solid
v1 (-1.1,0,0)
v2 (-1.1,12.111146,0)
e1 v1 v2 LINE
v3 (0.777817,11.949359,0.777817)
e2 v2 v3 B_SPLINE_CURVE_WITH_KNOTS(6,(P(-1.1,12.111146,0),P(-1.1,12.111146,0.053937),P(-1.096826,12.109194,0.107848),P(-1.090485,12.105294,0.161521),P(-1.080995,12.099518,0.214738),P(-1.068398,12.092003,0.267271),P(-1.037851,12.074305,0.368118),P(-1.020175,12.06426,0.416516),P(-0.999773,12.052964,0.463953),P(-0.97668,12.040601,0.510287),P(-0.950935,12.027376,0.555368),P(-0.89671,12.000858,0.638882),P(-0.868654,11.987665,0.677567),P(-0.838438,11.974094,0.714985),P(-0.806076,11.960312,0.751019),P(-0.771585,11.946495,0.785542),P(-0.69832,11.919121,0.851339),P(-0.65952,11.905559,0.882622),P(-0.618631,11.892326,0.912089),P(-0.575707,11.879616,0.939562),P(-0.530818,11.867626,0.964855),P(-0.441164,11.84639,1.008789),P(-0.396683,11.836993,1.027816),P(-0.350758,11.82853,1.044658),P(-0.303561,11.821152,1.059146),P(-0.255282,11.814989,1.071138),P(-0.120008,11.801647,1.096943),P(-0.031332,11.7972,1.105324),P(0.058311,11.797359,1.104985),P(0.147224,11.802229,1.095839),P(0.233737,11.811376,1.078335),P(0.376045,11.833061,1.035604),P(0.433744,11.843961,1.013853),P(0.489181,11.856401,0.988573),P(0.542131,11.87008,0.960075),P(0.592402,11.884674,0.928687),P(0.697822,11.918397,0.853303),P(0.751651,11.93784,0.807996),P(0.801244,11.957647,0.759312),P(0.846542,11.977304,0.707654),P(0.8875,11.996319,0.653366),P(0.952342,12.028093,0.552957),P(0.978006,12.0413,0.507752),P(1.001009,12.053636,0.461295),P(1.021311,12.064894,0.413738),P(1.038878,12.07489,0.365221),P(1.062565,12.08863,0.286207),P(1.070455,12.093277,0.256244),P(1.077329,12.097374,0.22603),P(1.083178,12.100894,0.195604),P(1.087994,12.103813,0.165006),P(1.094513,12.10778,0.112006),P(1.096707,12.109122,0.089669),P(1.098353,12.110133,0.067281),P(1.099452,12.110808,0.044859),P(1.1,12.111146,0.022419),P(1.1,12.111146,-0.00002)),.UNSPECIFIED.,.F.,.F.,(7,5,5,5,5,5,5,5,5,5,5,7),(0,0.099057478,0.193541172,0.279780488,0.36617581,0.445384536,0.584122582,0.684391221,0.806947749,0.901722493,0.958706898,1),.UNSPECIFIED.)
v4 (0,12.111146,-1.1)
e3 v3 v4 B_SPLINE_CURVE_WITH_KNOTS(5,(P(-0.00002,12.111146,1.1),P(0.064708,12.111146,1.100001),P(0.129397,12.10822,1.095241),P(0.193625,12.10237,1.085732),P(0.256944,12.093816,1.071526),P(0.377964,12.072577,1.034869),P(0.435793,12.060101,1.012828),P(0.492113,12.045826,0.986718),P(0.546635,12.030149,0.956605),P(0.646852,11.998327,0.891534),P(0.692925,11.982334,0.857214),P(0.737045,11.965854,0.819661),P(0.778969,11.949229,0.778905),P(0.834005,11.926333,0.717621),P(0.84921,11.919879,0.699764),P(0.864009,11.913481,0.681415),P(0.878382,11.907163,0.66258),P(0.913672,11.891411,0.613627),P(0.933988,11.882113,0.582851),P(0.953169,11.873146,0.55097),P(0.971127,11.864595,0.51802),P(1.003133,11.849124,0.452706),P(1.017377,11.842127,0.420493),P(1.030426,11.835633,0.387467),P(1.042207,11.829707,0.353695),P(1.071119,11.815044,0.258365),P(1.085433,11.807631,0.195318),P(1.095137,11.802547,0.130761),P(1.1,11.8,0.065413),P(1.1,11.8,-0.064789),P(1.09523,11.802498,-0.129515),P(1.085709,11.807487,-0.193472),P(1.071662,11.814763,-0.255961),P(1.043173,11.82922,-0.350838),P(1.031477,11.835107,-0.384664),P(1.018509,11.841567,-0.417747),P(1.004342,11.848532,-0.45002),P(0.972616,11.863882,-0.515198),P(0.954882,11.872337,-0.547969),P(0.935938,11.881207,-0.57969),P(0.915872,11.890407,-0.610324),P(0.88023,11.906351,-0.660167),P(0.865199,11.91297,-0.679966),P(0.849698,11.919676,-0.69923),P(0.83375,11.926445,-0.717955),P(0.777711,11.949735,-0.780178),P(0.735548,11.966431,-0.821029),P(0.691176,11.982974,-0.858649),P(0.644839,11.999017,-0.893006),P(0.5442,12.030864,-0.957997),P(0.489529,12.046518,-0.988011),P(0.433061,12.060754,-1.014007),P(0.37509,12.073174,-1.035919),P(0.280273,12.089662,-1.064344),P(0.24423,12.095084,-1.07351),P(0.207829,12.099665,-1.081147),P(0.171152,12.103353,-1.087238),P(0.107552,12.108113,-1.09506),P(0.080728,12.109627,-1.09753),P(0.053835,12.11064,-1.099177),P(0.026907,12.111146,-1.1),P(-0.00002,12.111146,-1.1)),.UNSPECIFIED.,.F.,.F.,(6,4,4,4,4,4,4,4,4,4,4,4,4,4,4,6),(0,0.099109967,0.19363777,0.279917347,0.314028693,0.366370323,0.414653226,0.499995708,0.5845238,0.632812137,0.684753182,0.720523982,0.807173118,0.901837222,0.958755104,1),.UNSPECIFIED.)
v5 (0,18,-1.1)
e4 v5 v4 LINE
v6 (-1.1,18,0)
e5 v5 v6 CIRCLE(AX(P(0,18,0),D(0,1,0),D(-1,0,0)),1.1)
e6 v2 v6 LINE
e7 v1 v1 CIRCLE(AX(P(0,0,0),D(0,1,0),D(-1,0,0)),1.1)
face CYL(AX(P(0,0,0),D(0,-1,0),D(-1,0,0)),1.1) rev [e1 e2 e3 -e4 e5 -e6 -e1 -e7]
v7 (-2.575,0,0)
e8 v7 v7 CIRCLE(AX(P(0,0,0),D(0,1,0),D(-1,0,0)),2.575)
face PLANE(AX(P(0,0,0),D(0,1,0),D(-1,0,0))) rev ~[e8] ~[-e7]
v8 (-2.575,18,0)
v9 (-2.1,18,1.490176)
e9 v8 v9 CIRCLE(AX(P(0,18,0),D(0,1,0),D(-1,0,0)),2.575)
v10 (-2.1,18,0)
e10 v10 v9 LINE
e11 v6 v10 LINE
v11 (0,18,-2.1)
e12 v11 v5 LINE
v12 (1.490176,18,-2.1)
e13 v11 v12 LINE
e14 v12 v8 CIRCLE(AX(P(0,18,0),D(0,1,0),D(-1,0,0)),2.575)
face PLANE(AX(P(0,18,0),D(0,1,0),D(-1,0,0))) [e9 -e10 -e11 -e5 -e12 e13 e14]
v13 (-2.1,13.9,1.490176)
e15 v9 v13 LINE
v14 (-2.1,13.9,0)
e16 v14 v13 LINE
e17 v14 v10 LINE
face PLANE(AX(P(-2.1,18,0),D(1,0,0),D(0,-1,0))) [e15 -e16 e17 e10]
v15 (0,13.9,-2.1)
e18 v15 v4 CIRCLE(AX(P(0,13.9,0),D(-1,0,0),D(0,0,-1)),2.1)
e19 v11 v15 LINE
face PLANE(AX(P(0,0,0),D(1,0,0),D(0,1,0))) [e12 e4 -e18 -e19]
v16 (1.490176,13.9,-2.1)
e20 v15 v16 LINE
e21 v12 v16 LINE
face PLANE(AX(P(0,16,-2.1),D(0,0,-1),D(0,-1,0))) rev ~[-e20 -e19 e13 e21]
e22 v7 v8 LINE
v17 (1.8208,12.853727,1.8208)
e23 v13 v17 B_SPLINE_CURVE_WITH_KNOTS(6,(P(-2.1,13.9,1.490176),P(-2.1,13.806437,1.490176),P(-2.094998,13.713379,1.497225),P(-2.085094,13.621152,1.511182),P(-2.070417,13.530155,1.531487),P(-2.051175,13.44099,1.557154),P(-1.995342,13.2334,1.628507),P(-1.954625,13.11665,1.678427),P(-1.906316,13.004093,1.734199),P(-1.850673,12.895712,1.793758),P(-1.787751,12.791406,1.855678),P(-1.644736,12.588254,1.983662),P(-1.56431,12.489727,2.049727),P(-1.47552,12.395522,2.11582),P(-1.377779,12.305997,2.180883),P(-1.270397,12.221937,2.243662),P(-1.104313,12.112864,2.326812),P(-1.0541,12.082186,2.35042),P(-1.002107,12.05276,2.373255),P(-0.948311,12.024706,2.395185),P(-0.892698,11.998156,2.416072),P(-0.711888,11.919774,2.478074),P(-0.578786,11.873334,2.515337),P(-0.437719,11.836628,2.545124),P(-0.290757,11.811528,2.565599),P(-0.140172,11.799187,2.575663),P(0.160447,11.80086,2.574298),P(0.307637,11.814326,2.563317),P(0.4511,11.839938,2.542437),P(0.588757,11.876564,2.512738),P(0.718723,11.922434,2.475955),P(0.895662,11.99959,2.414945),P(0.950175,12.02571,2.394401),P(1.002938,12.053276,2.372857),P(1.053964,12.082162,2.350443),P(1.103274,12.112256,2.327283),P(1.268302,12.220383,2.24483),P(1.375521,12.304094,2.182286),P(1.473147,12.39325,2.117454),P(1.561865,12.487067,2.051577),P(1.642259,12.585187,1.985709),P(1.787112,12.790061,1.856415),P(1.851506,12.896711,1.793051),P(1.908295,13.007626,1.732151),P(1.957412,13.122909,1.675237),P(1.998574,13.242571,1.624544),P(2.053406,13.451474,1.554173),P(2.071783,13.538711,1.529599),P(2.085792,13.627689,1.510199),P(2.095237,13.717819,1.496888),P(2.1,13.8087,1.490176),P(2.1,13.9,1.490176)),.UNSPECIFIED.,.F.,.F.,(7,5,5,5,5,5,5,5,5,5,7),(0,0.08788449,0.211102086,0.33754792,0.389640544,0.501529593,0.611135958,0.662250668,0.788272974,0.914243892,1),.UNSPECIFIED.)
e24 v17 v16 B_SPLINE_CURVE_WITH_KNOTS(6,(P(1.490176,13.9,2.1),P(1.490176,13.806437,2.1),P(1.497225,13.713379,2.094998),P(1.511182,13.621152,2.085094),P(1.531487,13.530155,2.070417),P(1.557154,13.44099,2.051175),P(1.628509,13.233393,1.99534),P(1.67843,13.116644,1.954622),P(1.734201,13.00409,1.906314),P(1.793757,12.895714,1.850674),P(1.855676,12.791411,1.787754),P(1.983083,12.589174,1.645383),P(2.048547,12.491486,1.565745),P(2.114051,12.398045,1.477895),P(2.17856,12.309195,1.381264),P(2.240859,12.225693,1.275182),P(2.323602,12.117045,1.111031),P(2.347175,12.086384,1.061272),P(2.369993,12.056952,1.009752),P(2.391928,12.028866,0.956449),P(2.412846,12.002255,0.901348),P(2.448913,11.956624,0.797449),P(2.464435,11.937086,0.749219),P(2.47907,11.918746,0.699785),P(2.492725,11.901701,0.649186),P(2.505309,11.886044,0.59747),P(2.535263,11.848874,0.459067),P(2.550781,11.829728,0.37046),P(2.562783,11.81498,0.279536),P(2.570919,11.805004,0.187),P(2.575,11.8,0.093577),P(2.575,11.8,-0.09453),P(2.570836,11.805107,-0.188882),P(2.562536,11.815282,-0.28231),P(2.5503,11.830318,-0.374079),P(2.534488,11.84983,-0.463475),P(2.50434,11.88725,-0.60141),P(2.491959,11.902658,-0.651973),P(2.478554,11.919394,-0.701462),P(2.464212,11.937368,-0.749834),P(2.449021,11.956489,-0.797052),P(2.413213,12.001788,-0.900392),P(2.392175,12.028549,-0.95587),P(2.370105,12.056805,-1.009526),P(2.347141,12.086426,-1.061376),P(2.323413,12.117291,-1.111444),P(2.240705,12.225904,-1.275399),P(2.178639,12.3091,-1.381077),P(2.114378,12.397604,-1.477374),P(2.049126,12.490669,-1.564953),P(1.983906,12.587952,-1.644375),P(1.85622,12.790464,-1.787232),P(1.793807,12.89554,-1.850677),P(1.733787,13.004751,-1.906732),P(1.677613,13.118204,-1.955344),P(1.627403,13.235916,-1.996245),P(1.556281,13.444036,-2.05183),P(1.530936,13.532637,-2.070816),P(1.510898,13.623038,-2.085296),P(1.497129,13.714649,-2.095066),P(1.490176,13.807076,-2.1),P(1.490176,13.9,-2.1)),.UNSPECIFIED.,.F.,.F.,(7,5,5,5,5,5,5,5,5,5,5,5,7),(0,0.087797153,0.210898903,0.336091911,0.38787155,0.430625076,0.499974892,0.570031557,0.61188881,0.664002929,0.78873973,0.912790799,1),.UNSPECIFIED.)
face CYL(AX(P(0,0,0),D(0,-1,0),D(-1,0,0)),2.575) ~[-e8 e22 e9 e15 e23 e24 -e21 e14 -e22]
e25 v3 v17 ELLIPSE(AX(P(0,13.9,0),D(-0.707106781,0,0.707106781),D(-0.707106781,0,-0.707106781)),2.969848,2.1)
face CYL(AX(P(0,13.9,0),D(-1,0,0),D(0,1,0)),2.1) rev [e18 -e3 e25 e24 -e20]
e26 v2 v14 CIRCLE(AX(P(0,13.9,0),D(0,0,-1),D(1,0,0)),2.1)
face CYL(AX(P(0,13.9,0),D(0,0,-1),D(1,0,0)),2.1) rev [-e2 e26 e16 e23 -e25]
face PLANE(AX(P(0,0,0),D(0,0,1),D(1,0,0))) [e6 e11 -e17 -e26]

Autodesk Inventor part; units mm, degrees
ref_plane "XZ Plane" through (0, 0, 0) normal (0, 1, 0) x (-1, 0, 0)
ref_plane "XY Plane" through (0, 0, 0) normal (0, 0, 1) x (1, 0, 0)
sketch "Sketch1" plane through (0, 0, 0) normal (0, 1, 0) x (-1, 0, 0)
  circle A0 centre (0, 0) radius 1.1
  circle A1 centre (0, 0) radius 2.575
  dimension "d0" = 2.2
  dimension "d1" = 5.15
extrude "Extrusion1" add sketch "Sketch1" along normal blind 18
sketch "Sketch2" plane through (0, 0, 0) normal (0, 0, 1) x (1, 0, 0)
  line L0 (2.575, 18) -> (-2.575, 18) projected
  line L1 (2.575, 0) -> (-2.575, 0) projected
  line L2 (-2.575, 0) -> (-2.575, 18) projected
  line L3 (-2.575, 16) -> (2.5173, 16)
  line L4 (2.575, 18) -> (-2.575, 18) projected
  line L5 (0, 18) -> (0, 0)
  circle A0 centre (0, 13.9) radius 2.1
  line L6 (-2.1, 13.9) -> (2.1, 13.9)
  line L7 (2.1, 13.9) -> (2.1, 18)
  line L8 (2.1, 18) -> (-2.1, 18)
  line L9 (-2.1, 18) -> (-2.1, 13.9)
  point P0 (2.1, 16)
  point P1 (-2.1, 16)
  point P2 (0, 16)
  dimension "d5" = 4.2
  dimension "d4" = 2
extrude "Extrusion2" cut sketch "Sketch2" along normal blind 12 contours L7 L3 L5 L0 | L5 L3 L9 L0 | L7 A0 L3 | A0 L9 L3 | A0 L6 L5 | L5 L6 A0 | A0 L5 L6 | L5 A0 L6
sketch "Sketch3" plane through (0, 0, 0) normal (1, 0, 0) x (0, 1, 0)
  line L0 (0, -2.575) -> (0, 2.575) projected
  line L1 (0, 2.575) -> (11.8, 2.575) projected
  line L2 (16, 2.575) -> (16, -2.525)
  line L3 (18, 1.1) -> (18, -1.1) projected
  line L4 (18, 0) -> (0, 0)
  circle A0 centre (13.9, 0) radius 2.1
  line L5 (13.9, 1.4902) -> (18, 1.4902) projected
  line L6 (18, 1.4902) -> (13.9, 1.4902) projected
  line L7 (13.9, 2.1) -> (18, 2.1)
  line L8 (18, 2.1) -> (18, -2.1)
  line L9 (18, -2.1) -> (13.9, -2.1)
  line L10 (13.9, -2.1) -> (13.9, 2.1)
  point P0 (18, -2.575)
  point P1 (18, 2.575)
  dimension "d9" = 4.2
  dimension "d8" = 2
extrude "Extrusion3" cut sketch "Sketch3" along normal up to next
properties part number "motor_shaft_adapter"
